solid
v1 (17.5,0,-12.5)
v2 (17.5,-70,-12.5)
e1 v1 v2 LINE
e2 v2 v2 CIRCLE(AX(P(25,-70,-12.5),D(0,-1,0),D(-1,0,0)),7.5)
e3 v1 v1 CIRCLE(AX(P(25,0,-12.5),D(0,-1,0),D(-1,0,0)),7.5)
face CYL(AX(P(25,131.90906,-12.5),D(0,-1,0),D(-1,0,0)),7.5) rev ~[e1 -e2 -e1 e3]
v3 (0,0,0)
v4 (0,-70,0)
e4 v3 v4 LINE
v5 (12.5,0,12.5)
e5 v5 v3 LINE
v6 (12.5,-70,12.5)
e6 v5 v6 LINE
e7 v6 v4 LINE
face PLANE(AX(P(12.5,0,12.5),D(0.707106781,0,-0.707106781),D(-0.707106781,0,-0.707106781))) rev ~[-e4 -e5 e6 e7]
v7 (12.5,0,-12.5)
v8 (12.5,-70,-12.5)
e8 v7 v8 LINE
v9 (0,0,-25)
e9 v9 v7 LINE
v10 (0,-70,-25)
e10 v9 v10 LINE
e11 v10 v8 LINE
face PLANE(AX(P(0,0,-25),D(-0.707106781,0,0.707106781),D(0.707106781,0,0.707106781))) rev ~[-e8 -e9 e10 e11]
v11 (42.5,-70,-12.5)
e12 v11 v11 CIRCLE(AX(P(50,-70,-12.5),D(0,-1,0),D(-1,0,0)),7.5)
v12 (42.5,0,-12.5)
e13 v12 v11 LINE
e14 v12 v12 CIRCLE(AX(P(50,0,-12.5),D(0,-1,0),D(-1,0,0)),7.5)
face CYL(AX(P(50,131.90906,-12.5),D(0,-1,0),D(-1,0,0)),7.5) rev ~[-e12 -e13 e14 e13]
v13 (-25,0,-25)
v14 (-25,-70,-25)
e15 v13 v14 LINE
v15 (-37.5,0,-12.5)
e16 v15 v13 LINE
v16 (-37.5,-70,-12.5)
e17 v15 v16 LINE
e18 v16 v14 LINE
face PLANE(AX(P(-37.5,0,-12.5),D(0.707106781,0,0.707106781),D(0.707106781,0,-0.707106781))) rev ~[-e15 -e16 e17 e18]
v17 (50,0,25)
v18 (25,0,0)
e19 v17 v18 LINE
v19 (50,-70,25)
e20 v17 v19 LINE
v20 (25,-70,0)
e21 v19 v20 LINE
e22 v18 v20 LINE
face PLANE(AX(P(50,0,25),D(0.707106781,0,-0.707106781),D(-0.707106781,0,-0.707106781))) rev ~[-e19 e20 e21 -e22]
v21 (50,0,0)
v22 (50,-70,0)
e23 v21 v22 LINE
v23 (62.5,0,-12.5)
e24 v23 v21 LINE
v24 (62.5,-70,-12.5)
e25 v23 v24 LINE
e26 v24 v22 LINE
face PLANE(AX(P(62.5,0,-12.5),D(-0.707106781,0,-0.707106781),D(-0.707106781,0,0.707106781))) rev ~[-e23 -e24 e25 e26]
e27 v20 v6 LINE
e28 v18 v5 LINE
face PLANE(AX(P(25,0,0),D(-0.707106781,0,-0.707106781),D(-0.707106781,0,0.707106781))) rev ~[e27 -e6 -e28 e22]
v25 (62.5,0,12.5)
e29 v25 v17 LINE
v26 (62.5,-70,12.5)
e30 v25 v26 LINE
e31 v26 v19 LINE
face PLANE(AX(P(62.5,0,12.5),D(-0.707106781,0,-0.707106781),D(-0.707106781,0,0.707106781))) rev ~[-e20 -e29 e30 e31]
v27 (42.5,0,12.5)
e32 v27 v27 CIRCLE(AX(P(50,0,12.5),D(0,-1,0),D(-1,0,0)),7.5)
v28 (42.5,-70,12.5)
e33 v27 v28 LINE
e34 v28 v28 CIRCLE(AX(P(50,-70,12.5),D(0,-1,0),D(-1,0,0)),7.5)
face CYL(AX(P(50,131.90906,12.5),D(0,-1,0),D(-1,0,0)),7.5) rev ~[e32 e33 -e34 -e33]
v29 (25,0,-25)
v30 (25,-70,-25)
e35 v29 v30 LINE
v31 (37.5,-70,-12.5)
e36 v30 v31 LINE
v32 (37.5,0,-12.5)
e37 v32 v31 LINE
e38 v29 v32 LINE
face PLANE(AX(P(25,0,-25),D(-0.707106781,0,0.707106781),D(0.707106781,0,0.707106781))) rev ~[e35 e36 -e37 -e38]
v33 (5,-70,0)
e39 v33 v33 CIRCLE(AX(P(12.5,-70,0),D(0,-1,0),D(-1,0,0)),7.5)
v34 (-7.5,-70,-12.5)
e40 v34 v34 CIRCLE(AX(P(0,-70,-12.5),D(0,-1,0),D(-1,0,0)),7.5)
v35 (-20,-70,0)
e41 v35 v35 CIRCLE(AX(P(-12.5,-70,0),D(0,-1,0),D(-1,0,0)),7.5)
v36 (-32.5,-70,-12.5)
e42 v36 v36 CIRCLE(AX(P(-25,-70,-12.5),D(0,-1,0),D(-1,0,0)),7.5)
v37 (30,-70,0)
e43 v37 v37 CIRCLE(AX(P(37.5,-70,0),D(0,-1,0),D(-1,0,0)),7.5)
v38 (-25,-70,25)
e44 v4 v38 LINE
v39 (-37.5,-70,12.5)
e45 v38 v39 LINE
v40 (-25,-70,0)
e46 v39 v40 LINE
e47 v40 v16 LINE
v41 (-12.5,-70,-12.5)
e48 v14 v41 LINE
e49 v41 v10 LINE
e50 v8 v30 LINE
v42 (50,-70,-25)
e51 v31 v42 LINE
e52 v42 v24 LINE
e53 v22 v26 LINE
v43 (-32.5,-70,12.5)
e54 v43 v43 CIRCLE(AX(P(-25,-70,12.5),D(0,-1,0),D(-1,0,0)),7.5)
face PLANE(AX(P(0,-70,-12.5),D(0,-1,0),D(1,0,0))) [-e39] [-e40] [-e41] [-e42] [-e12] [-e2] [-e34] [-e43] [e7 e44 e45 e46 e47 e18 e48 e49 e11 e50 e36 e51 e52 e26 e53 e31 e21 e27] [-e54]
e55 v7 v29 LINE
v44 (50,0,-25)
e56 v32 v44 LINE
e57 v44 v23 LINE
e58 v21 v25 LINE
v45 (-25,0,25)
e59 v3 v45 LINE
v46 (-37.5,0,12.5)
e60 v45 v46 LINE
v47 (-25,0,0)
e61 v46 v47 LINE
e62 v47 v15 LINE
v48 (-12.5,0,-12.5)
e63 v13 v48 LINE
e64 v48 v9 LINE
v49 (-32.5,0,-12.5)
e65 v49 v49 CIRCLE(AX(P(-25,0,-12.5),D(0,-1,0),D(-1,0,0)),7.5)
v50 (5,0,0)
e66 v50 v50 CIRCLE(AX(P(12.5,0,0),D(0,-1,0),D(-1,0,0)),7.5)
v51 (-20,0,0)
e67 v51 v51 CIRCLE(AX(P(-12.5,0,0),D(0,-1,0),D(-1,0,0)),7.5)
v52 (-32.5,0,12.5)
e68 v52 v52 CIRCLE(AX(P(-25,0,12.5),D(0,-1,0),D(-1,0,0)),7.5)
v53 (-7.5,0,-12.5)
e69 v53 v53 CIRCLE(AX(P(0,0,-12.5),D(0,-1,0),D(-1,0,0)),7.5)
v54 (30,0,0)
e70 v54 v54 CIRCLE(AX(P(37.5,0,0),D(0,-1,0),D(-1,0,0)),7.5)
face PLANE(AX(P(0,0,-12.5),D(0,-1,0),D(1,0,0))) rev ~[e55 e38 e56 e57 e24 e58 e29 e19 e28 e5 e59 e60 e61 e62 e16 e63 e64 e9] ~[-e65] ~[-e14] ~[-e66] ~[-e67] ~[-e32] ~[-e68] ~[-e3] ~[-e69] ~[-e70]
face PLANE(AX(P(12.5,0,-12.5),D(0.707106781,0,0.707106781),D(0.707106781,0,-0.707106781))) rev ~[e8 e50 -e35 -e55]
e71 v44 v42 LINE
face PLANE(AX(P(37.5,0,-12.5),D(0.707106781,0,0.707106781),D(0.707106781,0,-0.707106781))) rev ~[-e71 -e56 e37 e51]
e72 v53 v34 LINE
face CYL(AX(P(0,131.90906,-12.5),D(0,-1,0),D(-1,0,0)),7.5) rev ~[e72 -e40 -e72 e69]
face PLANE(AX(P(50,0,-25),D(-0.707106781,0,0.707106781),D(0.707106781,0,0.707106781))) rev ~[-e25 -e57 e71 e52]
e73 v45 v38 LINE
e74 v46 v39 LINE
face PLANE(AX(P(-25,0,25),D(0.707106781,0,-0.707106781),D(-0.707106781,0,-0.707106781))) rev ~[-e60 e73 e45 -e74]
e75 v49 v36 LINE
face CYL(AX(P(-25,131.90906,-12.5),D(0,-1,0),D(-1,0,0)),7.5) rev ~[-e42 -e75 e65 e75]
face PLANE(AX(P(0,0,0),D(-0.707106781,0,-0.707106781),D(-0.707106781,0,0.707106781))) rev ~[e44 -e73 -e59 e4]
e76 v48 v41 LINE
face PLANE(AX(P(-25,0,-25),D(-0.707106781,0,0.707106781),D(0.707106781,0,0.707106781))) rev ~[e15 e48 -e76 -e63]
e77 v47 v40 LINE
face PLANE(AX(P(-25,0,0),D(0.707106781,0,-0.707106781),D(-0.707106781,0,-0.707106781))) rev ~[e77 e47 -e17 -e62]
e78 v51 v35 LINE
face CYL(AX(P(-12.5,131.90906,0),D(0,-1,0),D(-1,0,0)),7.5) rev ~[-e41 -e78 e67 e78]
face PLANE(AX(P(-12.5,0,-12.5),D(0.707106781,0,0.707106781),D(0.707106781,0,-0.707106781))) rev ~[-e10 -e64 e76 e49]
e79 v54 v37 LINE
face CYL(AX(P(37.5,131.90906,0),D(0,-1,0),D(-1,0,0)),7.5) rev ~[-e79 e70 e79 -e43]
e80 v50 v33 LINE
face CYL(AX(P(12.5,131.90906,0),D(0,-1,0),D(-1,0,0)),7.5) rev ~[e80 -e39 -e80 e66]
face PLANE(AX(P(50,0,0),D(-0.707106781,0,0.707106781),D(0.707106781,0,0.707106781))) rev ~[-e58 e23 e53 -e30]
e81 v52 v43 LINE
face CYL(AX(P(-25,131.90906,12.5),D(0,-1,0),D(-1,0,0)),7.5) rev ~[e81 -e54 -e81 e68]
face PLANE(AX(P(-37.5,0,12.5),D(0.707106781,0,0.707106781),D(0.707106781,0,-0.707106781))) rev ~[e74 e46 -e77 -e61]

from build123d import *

# Parameters (mm, degrees)
F1_DEPTH = 70
F2_D     = 15


with BuildPart() as f1:
    # F0 (on Front) → F1 (new body)
    with BuildSketch(Plane.XZ):
        Polygon((0, 0), (-12.5, -12.5), (0, -25), (12.5, -12.5), align=None)
        Polygon((12.5, 12.5), (0, 0), (12.5, -12.5), (25, 0), align=None)
        Polygon((25, 0), (12.5, -12.5), (25, -25), (37.5, -12.5), align=None)
        Polygon((37.5, 12.5), (25, 0), (37.5, -12.5), (50, 0), align=None)
        Polygon((50, 0), (37.5, -12.5), (50, -25), (62.5, -12.5), align=None)
        Polygon((50, 25), (37.5, 12.5), (50, 0), (62.5, 12.5), align=None)
        Polygon((-12.5, 12.5), (-25, 0), (-12.5, -12.5), (0, 0), align=None)
        Polygon((-12.5, -12.5), (-25, 0), (-37.5, -12.5), (-25, -25), align=None)
        Polygon((-37.5, 12.5), (-25, 0), (-12.5, 12.5), (-25, 25), align=None)
    extrude(amount=F1_DEPTH)

    # F2 (through all)
    with Locations(Plane(origin=(0, 0, 0), x_dir=(1, 0, 0), z_dir=(0, 1, 0))):
        with Locations((-12.5, 0), (-25, 12.5), (0, 12.5), (12.5, 0), (25, 12.5), (50, 12.5), (37.5, 0), (-25, -12.5), (50, -12.5)):
            Hole(F2_D / 2)


solid = f1.part
